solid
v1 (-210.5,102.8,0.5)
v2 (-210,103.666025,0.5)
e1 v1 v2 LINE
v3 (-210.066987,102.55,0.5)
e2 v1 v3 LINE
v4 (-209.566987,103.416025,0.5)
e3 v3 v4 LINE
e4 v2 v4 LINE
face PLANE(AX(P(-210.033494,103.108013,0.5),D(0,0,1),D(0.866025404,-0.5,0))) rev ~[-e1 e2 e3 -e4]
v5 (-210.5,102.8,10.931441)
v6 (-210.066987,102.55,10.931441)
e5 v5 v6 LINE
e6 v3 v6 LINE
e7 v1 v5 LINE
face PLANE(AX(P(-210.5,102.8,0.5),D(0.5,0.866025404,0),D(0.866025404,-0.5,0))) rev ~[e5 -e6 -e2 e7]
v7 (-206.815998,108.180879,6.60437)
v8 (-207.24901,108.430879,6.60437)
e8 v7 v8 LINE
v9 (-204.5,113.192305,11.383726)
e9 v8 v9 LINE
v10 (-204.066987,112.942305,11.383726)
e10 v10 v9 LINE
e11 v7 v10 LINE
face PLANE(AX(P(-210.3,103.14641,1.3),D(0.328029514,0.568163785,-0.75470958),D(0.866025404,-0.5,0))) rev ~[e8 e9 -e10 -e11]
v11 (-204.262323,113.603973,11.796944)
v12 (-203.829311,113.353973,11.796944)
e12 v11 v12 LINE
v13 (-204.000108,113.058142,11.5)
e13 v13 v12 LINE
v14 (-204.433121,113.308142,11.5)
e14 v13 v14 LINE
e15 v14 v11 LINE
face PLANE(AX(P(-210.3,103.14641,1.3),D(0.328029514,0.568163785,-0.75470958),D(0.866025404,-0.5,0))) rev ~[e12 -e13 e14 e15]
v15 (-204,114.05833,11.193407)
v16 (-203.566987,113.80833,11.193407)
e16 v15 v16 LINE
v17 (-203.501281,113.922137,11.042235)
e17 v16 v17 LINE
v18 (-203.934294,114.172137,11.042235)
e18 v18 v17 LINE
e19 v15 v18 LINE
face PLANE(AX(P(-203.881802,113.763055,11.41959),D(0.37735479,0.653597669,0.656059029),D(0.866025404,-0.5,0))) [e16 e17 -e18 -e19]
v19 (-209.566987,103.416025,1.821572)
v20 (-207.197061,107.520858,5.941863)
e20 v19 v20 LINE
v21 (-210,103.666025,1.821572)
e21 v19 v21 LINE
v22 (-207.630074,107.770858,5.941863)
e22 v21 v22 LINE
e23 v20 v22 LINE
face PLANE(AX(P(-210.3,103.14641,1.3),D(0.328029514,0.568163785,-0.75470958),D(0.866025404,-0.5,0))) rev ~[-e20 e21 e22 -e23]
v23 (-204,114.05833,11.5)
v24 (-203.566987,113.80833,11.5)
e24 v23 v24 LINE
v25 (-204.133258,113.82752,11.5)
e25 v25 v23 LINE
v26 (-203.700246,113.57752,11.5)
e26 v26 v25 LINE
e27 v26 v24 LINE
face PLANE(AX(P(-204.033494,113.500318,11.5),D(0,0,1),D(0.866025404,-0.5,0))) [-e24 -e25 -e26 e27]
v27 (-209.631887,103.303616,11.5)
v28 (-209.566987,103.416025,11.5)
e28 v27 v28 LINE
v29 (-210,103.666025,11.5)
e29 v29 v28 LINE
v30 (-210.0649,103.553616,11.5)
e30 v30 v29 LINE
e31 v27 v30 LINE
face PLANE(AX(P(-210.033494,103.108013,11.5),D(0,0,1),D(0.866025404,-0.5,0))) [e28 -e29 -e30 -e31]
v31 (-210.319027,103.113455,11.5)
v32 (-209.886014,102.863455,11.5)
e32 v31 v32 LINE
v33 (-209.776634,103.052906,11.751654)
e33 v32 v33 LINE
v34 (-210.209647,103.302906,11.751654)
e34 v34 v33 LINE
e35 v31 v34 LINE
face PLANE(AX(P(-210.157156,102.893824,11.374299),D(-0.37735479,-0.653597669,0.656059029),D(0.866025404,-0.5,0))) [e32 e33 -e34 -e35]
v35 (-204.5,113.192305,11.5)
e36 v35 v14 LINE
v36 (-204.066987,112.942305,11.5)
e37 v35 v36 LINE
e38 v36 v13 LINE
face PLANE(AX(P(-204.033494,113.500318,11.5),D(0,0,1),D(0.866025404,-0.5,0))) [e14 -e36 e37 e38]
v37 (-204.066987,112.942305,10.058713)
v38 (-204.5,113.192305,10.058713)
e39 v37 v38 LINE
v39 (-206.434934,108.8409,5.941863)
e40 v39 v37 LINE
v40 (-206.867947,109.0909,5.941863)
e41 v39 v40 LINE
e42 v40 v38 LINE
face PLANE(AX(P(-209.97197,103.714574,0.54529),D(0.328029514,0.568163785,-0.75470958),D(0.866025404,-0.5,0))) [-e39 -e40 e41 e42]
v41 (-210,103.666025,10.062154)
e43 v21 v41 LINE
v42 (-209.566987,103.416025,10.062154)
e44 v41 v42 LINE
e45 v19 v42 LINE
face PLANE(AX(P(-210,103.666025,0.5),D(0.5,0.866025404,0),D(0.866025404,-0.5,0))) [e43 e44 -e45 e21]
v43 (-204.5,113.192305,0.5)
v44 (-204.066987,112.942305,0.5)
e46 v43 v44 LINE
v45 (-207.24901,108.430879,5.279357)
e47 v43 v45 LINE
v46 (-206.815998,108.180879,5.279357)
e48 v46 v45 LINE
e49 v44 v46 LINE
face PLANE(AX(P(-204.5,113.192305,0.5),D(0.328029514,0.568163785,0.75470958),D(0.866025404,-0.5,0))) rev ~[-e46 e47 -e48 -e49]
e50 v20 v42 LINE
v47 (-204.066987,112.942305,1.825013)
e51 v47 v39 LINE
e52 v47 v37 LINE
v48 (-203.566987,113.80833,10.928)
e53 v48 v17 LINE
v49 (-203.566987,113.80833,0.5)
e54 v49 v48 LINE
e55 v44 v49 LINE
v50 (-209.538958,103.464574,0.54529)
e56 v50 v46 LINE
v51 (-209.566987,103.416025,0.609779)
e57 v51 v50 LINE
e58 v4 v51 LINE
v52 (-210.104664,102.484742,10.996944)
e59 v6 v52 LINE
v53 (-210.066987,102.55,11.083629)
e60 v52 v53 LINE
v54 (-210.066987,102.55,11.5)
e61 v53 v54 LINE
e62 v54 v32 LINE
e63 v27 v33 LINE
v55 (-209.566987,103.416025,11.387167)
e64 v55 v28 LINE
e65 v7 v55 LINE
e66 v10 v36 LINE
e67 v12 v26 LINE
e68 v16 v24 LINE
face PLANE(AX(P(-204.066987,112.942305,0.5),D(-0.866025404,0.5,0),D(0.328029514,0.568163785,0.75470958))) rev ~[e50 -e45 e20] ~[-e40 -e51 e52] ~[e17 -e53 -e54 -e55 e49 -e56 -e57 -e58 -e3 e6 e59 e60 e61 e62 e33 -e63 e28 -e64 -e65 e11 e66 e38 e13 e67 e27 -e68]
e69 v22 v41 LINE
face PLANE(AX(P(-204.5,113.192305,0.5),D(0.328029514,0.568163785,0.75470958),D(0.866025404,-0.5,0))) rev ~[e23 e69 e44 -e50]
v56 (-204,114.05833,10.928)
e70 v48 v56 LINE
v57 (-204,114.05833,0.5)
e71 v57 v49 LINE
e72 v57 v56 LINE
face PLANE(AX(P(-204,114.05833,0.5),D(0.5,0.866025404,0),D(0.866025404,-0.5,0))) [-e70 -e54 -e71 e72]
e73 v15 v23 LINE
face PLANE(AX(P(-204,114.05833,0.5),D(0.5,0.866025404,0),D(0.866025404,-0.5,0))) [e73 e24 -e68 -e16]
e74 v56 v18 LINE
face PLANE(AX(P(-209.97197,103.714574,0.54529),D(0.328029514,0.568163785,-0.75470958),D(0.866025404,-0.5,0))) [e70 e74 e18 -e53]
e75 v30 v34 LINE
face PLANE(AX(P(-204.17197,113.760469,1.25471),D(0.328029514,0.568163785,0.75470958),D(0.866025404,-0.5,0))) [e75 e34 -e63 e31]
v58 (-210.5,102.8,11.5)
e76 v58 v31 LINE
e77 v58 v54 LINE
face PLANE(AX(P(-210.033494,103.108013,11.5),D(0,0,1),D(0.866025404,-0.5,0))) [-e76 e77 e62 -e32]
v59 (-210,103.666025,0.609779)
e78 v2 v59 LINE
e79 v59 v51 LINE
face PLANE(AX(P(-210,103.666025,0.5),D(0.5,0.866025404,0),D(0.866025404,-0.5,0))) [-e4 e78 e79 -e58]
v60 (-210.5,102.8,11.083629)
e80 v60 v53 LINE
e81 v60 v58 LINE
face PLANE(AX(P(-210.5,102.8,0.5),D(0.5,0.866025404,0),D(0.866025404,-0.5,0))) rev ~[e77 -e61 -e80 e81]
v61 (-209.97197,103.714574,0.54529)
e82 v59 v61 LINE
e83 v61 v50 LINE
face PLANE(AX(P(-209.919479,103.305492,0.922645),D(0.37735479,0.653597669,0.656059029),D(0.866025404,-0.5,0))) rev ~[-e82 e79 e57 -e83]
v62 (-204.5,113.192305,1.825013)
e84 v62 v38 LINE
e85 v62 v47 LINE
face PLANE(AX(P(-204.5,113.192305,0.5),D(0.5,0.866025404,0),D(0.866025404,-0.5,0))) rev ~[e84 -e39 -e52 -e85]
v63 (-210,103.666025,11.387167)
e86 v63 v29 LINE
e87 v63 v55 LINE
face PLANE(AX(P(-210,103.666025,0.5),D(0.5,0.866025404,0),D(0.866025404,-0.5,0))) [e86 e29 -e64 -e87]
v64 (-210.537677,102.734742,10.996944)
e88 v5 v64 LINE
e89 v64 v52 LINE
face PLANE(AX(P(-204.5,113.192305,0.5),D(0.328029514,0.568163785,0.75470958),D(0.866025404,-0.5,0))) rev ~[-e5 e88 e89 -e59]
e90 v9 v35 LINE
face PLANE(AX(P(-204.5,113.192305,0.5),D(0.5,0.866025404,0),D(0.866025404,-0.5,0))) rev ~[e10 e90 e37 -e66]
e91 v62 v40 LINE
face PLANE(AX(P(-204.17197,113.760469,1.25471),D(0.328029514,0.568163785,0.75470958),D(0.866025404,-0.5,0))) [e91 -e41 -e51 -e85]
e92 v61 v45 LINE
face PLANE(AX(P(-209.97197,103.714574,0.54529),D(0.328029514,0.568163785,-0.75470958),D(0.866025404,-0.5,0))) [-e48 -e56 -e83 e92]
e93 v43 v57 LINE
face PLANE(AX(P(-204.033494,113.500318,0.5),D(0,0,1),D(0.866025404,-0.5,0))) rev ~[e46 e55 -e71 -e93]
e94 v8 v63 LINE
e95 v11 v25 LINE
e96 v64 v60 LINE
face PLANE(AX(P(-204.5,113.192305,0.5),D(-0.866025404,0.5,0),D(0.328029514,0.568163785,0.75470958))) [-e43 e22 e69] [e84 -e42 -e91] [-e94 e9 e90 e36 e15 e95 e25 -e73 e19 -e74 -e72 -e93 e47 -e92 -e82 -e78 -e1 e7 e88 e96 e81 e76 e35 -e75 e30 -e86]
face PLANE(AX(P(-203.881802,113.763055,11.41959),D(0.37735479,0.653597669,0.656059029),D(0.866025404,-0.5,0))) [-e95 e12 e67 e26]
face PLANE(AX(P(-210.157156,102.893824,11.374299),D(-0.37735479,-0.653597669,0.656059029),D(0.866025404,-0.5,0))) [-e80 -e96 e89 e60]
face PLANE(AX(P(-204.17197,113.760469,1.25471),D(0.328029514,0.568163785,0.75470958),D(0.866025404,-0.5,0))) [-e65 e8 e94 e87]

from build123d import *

# Parameters (mm, degrees)
BOX220_W                  = 0.5
BOX220_H                  = 1
BOX220_DEPTH              = 11
BOX221_W                  = 0.5
BOX221_H                  = 1
BOX221_DEPTH              = 16
BOX221_ROLL_ANGLE         = 49
BOX222_W                  = 0.5
BOX222_H                  = 1
BOX222_DEPTH              = 16
BOX222_ROLL_ANGLE         = -49
BOX219_W                  = 0.5
BOX219_H                  = 1
BOX219_DEPTH              = 11
FUSION017_PLACEMENT_ANGLE = 30


with BuildPart() as cubo220:
    # Box220 → Box220 (new body)
    with BuildSketch(Plane(origin=(0, 12, 0.5), x_dir=(1, 0, 0), z_dir=(0, 0, 1))):
        with Locations((0.25, 0.5)):
            Rectangle(BOX220_W, BOX220_H)
    extrude(amount=BOX220_DEPTH)


with BuildPart() as cubo221:
    # Box221 → Box221 (new body)
    with BuildSketch(Plane.XY):
        with Locations((0.25, 0.5)):
            Rectangle(BOX221_W, BOX221_H)
    extrude(amount=BOX221_DEPTH)


with BuildPart() as cubo221_1:
    # Box221 roll: moved
    add(cubo221.part.rotate(Axis((0, 0, 0), (1, 0, 0)), BOX221_ROLL_ANGLE))


with BuildPart() as cubo221_2:
    # Box221 placement: moved
    add(cubo221_1.part.moved(Location((0, 12, 0.5))))


with BuildPart() as cubo222:
    # Box222 → Box222 (new body)
    with BuildSketch(Plane.XY):
        with Locations((0.25, 0.5)):
            Rectangle(BOX222_W, BOX222_H)
    extrude(amount=BOX222_DEPTH)


with BuildPart() as cubo222_1:
    # Box222 roll: moved
    add(cubo222.part.rotate(Axis((0, 0, 0), (1, 0, 0)), BOX222_ROLL_ANGLE))


with BuildPart() as cubo222_2:
    # Box222 placement: moved
    add(cubo222_1.part.moved(Location((0, 0.4, 1.3))))


with BuildPart() as fusion017:
    # Box219 → Box219 (new body)
    with BuildSketch(Plane.XY.offset(0.5)):
        with Locations((0.25, 0.5)):
            Rectangle(BOX219_W, BOX219_H)
    extrude(amount=BOX219_DEPTH)

    # Fusion017: union Cubo220, Cubo221, Cubo222
    add(cubo220.part)
    add(cubo221_2.part)
    add(cubo222_2.part)


with BuildPart() as fusion017_1:
    # Fusion017 placement: moved
    add(fusion017.part.moved(Location((-210.5, 102.8, 0))).rotate(Axis((-210.5, 102.8, 0), (0, 0, -1)), FUSION017_PLACEMENT_ANGLE))


solid = fusion017_1.part
